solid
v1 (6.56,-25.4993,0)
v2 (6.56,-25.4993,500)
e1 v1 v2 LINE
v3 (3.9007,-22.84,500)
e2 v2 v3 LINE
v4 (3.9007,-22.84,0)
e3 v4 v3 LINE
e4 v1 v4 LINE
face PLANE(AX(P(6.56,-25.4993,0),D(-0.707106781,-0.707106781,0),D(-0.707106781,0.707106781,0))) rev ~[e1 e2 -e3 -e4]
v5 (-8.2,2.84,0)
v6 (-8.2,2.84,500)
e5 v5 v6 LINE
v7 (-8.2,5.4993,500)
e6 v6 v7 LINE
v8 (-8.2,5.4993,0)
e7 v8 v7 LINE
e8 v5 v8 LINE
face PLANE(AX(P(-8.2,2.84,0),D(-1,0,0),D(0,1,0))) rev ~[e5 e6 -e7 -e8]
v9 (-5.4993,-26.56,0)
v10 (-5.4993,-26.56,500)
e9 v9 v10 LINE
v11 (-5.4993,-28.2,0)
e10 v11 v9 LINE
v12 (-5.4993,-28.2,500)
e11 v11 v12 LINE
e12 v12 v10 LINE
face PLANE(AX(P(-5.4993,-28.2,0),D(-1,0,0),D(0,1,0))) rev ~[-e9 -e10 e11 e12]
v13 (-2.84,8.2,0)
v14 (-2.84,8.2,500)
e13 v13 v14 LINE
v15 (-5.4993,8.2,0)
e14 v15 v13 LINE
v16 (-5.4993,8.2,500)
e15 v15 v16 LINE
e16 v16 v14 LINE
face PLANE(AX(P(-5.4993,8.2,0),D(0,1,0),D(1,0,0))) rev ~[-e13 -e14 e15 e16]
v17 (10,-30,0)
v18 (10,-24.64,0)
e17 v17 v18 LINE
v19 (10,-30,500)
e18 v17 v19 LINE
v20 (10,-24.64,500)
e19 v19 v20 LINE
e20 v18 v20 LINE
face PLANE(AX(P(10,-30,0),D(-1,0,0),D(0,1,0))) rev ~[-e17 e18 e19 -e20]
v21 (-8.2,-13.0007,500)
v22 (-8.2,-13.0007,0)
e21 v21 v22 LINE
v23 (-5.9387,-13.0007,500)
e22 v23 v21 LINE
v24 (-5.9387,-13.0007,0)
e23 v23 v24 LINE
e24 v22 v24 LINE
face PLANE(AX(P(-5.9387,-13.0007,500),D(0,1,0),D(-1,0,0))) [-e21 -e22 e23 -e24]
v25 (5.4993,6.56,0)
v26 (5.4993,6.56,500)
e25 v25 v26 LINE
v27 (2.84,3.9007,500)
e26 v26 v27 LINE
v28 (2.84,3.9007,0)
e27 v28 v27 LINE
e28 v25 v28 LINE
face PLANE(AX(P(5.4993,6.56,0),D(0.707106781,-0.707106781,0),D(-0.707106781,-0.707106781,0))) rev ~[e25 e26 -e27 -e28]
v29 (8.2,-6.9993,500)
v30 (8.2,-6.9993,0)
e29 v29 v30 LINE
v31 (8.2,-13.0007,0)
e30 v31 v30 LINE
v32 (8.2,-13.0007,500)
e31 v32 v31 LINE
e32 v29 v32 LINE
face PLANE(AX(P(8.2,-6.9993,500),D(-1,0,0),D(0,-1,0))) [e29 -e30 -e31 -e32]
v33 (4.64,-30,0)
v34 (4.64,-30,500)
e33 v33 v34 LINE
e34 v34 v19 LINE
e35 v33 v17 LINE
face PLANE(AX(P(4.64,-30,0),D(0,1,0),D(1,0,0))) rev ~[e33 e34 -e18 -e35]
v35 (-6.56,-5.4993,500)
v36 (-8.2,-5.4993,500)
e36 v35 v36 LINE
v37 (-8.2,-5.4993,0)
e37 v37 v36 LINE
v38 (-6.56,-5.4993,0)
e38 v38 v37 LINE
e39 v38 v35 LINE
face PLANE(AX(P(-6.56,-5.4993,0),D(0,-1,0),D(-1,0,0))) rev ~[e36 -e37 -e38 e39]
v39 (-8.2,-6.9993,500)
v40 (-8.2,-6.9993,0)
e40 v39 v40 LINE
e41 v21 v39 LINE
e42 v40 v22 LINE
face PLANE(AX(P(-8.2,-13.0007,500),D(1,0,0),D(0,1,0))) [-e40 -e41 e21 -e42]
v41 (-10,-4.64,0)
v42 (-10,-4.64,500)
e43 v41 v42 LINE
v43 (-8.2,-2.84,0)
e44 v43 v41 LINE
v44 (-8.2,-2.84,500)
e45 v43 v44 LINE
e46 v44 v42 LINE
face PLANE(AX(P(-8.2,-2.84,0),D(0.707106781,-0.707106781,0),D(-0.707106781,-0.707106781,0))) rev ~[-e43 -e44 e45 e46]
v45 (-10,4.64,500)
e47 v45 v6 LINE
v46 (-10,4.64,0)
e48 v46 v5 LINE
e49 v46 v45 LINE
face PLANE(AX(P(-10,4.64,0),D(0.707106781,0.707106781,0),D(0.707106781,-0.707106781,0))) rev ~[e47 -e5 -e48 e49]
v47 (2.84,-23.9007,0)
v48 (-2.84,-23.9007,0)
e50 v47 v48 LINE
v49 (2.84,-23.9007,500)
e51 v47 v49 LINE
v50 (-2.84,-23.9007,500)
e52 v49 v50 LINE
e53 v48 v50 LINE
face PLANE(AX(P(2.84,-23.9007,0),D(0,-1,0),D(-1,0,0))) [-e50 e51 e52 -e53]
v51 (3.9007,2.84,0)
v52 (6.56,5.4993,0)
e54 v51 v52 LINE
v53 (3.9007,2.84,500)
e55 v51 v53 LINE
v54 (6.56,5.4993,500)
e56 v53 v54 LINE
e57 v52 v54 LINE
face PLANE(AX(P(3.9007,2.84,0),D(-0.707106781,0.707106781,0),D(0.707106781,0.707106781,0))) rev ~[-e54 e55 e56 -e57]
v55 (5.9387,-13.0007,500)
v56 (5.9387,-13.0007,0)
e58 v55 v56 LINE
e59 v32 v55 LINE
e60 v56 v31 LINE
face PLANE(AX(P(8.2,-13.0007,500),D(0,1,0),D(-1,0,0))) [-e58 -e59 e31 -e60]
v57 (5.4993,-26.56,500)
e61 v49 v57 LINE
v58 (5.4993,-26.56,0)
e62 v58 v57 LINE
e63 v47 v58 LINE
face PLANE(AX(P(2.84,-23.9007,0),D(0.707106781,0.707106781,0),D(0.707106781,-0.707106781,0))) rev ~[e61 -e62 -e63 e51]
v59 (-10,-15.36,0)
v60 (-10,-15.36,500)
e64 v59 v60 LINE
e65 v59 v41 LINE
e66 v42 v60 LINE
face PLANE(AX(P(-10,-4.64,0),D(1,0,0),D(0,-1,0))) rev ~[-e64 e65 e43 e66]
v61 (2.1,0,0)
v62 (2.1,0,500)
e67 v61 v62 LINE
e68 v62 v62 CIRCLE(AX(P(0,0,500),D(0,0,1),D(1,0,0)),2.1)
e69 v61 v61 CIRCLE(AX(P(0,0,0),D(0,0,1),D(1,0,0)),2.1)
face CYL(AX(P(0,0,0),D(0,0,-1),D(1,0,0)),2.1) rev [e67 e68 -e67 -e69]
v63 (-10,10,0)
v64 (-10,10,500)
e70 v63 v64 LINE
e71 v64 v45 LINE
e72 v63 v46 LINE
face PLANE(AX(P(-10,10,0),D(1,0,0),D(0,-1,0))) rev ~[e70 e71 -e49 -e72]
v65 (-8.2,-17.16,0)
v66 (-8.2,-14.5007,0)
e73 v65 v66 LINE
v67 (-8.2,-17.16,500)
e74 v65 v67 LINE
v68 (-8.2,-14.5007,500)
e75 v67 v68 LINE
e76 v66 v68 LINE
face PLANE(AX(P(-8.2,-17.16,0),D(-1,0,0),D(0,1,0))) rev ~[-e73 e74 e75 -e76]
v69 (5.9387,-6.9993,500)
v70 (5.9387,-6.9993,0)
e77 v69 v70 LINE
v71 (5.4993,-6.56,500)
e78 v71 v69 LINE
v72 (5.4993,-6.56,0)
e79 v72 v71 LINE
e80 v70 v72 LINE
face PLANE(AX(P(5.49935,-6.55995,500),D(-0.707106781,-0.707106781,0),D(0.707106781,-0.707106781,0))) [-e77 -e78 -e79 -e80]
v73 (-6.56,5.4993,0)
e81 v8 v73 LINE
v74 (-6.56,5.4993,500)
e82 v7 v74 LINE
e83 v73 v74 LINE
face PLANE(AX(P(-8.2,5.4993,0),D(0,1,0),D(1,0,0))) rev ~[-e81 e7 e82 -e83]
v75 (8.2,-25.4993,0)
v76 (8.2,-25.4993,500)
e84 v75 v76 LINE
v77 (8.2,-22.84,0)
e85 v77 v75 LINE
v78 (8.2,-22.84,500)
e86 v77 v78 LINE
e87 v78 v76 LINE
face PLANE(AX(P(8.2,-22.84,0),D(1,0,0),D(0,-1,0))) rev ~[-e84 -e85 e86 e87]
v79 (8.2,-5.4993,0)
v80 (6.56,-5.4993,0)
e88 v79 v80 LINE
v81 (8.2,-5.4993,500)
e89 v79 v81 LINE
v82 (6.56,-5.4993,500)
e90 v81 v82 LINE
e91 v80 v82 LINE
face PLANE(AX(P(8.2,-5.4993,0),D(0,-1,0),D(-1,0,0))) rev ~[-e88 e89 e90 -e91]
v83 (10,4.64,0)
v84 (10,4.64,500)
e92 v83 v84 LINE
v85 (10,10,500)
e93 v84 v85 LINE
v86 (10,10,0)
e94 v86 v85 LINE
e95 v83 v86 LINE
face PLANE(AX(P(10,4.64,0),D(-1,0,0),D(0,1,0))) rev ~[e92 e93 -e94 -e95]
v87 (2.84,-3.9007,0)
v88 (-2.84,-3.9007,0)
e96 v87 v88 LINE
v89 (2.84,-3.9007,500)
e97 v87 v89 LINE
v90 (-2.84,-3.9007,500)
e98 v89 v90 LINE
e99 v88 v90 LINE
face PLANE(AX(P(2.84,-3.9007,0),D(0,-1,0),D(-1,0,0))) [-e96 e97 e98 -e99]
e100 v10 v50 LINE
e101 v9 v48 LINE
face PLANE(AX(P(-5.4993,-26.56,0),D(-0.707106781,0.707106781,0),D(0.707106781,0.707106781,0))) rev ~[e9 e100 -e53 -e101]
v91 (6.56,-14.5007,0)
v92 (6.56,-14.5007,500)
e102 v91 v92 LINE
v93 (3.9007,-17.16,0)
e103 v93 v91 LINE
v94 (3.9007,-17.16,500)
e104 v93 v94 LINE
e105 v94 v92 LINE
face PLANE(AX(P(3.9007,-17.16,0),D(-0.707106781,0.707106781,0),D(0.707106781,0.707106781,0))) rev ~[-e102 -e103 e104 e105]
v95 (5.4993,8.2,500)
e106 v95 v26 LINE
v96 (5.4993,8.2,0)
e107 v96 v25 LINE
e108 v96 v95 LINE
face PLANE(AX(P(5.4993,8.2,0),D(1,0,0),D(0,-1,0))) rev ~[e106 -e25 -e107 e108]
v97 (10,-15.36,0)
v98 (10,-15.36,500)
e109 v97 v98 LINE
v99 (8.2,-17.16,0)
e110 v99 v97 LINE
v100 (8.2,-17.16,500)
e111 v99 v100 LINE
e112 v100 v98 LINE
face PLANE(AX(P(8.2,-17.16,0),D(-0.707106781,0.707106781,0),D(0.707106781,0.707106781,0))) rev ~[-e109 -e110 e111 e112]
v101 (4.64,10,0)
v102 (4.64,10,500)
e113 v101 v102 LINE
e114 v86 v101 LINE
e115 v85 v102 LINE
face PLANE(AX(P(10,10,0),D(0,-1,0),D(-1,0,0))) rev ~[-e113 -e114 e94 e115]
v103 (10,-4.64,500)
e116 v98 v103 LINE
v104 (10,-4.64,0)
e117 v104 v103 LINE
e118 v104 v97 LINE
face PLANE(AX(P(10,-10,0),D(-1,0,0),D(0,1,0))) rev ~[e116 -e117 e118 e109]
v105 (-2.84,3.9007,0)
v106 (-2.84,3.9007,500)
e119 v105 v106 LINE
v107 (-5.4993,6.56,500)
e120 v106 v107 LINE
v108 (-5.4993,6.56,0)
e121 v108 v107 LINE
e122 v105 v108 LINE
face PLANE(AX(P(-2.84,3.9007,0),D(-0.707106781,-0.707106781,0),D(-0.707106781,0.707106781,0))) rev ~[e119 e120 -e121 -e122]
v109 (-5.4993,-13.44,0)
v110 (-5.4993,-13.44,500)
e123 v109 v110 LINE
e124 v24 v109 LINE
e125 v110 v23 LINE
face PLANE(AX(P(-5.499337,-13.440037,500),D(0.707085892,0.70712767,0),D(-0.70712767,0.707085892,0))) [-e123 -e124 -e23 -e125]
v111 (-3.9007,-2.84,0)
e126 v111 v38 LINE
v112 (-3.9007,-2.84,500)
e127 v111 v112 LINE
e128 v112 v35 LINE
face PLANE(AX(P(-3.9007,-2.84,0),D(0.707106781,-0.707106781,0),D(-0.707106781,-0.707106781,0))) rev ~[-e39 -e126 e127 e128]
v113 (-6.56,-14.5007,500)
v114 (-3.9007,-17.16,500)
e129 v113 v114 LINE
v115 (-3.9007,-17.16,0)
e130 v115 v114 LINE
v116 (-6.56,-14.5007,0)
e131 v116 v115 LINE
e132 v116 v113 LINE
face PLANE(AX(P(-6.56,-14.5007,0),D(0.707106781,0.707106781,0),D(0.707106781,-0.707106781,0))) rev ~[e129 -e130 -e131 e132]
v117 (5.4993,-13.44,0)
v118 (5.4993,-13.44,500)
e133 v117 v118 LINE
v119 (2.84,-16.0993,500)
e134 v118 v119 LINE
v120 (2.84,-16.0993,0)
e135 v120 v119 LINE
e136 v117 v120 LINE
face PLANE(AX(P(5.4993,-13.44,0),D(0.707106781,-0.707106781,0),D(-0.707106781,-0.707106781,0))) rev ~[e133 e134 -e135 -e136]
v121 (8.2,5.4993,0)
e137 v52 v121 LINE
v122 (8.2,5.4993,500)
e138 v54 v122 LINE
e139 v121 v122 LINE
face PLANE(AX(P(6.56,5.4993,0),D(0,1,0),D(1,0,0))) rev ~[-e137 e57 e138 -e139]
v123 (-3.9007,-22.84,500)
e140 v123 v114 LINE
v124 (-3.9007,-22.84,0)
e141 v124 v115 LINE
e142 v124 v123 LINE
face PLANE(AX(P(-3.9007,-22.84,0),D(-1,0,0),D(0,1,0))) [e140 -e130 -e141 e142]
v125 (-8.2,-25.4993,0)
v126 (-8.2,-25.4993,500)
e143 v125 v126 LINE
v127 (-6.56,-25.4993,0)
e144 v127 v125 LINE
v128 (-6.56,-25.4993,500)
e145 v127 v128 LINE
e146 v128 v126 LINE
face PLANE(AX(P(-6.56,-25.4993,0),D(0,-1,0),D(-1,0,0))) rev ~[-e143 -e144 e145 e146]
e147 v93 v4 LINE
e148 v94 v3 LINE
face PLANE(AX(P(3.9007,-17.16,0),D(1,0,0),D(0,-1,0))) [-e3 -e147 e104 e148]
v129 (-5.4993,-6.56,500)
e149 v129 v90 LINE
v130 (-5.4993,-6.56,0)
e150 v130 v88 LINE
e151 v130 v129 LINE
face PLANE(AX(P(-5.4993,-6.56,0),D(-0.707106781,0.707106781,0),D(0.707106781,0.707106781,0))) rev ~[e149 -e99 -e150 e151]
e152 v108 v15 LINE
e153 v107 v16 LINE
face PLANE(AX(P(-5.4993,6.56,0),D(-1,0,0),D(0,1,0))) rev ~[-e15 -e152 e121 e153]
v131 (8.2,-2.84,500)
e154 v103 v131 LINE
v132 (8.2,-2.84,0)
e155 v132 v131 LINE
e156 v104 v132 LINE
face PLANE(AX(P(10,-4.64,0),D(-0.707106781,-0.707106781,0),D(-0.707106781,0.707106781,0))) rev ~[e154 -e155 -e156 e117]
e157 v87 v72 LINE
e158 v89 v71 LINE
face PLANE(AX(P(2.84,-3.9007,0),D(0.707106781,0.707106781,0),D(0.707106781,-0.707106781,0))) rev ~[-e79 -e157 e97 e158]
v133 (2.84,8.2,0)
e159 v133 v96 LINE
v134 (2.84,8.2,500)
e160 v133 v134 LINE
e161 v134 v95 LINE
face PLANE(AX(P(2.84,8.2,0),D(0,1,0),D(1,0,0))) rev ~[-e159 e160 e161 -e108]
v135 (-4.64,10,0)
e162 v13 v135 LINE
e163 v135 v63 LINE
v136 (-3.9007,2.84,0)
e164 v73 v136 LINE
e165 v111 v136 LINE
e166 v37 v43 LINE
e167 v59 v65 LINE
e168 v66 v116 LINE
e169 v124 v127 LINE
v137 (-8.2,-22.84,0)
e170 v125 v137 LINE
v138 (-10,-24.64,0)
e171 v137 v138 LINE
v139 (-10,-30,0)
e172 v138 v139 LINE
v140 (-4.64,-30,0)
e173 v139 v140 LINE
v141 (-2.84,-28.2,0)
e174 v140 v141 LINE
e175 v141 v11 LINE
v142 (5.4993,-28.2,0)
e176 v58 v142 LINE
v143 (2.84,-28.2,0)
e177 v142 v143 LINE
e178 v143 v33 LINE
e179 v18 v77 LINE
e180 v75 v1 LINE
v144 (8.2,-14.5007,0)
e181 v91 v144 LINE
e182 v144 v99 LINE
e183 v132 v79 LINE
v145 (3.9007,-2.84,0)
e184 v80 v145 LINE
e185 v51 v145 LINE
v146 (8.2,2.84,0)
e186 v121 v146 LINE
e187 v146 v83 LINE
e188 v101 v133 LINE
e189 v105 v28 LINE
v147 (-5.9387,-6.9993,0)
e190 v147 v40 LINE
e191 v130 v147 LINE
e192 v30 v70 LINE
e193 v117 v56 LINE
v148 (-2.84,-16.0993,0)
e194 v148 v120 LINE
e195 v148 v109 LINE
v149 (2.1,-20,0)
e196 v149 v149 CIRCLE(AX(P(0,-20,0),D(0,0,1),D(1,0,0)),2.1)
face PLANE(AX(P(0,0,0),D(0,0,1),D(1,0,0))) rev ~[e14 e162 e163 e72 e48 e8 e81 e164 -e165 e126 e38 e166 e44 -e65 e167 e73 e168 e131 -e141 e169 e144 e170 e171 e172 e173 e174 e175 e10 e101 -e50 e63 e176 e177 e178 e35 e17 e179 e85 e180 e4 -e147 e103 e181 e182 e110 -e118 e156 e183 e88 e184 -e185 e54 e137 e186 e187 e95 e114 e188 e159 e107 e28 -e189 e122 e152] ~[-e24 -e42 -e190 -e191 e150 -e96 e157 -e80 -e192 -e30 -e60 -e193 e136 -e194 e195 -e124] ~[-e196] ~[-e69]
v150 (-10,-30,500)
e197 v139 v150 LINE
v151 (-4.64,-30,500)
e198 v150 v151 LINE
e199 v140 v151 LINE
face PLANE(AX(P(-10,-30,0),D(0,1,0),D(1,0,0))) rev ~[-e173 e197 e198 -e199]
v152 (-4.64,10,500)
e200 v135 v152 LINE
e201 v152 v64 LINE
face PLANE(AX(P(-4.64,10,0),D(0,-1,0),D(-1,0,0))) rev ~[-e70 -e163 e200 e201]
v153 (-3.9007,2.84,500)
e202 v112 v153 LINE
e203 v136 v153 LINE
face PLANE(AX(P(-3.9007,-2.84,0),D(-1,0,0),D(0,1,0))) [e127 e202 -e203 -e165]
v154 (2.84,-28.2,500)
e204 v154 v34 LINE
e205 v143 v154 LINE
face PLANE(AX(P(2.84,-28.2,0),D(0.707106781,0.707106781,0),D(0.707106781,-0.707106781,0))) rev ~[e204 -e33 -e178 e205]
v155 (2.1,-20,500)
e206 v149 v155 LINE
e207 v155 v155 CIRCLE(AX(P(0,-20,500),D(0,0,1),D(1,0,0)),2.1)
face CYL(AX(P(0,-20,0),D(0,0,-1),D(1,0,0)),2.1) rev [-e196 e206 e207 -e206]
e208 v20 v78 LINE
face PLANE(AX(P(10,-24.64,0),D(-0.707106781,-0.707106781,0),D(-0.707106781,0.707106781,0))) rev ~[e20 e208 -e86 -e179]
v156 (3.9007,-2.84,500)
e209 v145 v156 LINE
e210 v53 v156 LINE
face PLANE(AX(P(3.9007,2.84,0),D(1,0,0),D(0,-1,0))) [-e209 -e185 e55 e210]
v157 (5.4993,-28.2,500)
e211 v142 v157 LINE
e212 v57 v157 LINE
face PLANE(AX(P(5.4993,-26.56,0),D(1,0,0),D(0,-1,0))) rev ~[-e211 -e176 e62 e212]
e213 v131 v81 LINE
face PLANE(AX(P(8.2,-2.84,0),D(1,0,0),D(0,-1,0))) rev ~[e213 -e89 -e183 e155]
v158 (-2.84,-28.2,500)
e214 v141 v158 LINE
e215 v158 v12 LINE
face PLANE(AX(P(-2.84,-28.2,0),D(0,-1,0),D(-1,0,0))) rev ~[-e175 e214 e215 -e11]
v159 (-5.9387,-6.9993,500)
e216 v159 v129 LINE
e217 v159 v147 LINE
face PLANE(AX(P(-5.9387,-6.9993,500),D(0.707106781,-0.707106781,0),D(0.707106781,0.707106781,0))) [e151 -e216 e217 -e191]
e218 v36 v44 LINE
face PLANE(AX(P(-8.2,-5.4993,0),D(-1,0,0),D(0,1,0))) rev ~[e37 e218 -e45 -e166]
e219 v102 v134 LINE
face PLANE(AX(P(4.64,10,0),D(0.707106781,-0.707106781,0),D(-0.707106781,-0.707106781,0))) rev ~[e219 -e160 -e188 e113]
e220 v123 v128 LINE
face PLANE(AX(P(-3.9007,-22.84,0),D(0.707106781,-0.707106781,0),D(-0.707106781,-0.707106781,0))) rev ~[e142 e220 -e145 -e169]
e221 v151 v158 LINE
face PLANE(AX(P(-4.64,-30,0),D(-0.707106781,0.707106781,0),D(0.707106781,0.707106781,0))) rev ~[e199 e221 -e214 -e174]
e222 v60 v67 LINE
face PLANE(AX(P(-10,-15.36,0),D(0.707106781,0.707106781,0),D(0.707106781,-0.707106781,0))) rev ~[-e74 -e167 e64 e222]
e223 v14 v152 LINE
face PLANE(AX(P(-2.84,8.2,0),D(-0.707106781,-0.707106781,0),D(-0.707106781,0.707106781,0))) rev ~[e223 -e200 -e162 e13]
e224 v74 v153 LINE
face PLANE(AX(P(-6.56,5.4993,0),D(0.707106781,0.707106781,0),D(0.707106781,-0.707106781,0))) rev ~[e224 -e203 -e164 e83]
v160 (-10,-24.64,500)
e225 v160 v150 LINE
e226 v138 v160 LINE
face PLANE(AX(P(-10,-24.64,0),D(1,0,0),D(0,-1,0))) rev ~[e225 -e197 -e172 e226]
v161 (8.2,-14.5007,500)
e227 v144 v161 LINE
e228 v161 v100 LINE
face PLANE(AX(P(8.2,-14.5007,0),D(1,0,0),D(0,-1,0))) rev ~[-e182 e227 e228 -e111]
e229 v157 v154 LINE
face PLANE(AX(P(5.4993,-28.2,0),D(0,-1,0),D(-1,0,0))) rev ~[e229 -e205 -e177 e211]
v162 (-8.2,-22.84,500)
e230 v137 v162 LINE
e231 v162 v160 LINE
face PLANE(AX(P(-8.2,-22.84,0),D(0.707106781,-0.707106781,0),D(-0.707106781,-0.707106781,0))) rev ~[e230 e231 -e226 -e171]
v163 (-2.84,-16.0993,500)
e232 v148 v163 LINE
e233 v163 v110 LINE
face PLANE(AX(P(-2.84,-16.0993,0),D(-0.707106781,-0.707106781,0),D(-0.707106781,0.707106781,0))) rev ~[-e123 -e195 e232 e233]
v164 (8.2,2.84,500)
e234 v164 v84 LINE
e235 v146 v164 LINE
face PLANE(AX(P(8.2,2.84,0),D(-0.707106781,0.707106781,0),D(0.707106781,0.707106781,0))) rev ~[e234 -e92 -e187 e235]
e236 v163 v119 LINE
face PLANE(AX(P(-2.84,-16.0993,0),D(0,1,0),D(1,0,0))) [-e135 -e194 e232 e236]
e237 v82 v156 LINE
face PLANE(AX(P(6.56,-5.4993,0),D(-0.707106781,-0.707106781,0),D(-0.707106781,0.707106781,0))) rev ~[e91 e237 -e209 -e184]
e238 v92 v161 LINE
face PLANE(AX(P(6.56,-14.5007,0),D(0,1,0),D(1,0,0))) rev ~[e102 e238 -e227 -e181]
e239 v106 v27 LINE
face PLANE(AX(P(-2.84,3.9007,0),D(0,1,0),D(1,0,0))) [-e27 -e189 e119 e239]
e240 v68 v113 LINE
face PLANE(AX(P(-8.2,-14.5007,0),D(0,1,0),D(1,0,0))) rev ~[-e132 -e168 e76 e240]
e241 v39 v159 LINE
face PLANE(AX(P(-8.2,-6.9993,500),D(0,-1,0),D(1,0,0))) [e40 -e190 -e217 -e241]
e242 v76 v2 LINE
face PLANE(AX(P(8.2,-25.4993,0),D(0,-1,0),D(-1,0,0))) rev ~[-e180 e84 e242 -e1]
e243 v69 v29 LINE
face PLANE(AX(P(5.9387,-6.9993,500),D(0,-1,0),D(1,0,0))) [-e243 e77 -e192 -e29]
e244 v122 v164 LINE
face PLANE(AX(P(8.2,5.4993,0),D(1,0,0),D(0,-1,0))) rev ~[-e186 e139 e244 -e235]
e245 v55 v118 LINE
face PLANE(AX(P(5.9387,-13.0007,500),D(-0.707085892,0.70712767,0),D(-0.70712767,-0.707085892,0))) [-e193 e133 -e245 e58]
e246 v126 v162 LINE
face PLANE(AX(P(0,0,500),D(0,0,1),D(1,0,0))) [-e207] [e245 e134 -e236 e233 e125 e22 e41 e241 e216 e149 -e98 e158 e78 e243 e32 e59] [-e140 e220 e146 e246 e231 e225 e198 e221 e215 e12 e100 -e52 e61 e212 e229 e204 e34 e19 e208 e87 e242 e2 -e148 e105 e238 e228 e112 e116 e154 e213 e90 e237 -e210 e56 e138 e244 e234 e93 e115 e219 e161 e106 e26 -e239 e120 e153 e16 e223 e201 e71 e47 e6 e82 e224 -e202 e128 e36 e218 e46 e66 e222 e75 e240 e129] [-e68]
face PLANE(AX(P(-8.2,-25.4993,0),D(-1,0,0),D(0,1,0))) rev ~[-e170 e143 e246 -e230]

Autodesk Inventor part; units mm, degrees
ref_plane "YZ Plane" through (0, 0, 0) normal (1, 0, 0) x (0, 1, 0)
ref_plane "XZ Plane" through (0, 0, 0) normal (0, 1, 0) x (-1, 0, 0)
ref_plane "XY Plane" through (0, 0, 0) normal (0, 0, 1) x (1, 0, 0)
sketch "Sketch1" plane through (0, 0, 0) normal (0, 0, 1) x (1, 0, 0)
  line L0 (-3.9007, 3.9007) -> (3.9007, 3.9007)
  line L1 (3.9007, 3.9007) -> (3.9007, -3.9007)
  line L2 (3.9007, -3.9007) -> (-3.9007, -3.9007)
  line L3 (-3.9007, -3.9007) -> (-3.9007, 3.9007)
  line L4 (0, 3.9007) -> (0, -3.9007) construction
  line L5 (-3.9007, 0) -> (3.9007, 0) construction
  circle A0 centre (0, 0) radius 2.1
  line L6 (0, 0) -> (-16.1173, 16.1173) construction
  line L7 (0, 0) -> (22.7933, 0) construction
  line L8 (-2.84, 3.9007) -> (-5.4993, 6.56)
  line L9 (-5.4993, 6.56) -> (-5.4993, 8.2)
  line L10 (-5.4993, 8.2) -> (-2.84, 8.2)
  line L11 (-2.84, 8.2) -> (-4.64, 10)
  line L12 (-4.64, 10) -> (-10, 10)
  line L13 (-10, 10) -> (-10, 4.64)
  line L14 (-10, 4.64) -> (-8.2, 2.84)
  line L15 (-8.2, 2.84) -> (-8.2, 5.4993)
  line L16 (-8.2, 5.4993) -> (-6.56, 5.4993)
  line L17 (-6.56, 5.4993) -> (-3.9007, 2.84)
  line L18 (-3.9007, 2.84) -> (-11.3102, 2.84) construction
  line L19 (-2.84, 3.9007) -> (-3.9007, 3.9007)
  line L20 (-3.9007, 2.84) -> (-3.9007, 3.9007)
  line L21 (-3.9007, -2.84) -> (-6.56, -5.4993)
  line L22 (-6.56, -5.4993) -> (-8.2, -5.4993)
  line L23 (-8.2, -5.4993) -> (-8.2, -2.84)
  line L24 (-8.2, -2.84) -> (-10, -4.64)
  line L25 (-10, -4.64) -> (-10, -10)
  line L26 (-10, -10) -> (-4.64, -10)
  line L27 (-4.64, -10) -> (-2.84, -8.2)
  line L28 (-2.84, -8.2) -> (-5.4993, -8.2)
  line L29 (-5.4993, -8.2) -> (-5.4993, -6.56)
  line L30 (-5.4993, -6.56) -> (-2.84, -3.9007)
  line L31 (-3.9007, -2.84) -> (-3.9007, -3.9007)
  line L32 (-2.84, -3.9007) -> (-3.9007, -3.9007)
  line L33 (2.84, -3.9007) -> (5.4993, -6.56)
  line L34 (5.4993, -6.56) -> (5.4993, -8.2)
  line L35 (5.4993, -8.2) -> (2.84, -8.2)
  line L36 (2.84, -8.2) -> (4.64, -10)
  line L37 (4.64, -10) -> (10, -10)
  line L38 (10, -10) -> (10, -4.64)
  line L39 (10, -4.64) -> (8.2, -2.84)
  line L40 (8.2, -2.84) -> (8.2, -5.4993)
  line L41 (8.2, -5.4993) -> (6.56, -5.4993)
  line L42 (6.56, -5.4993) -> (3.9007, -2.84)
  line L43 (2.84, -3.9007) -> (3.9007, -3.9007)
  line L44 (3.9007, -2.84) -> (3.9007, -3.9007)
  line L45 (3.9007, 2.84) -> (6.56, 5.4993)
  line L46 (6.56, 5.4993) -> (8.2, 5.4993)
  line L47 (8.2, 5.4993) -> (8.2, 2.84)
  line L48 (8.2, 2.84) -> (10, 4.64)
  line L49 (10, 4.64) -> (10, 10)
  line L50 (10, 10) -> (4.64, 10)
  line L51 (4.64, 10) -> (2.84, 8.2)
  line L52 (2.84, 8.2) -> (5.4993, 8.2)
  line L53 (5.4993, 8.2) -> (5.4993, 6.56)
  line L54 (5.4993, 6.56) -> (2.84, 3.9007)
  line L55 (3.9007, 2.84) -> (3.9007, 3.9007)
  line L56 (2.84, 3.9007) -> (3.9007, 3.9007)
  dimension "d7" = 4.2
  dimension "d8" = 135
  dimension "d9" = 1.5
  dimension "d10" = 1.64
  dimension "d11" = 1.8
  dimension "d12" = 2.84
  dimension "d13" = 10
  dimension "d16" = 360
extrude "Extrusion1" add sketch "Sketch1" along normal blind 500
pattern_linear "Rectangular Pattern1" count 2 spacing 20 along (0, -1, 0) of "Extrusion1"
sketch "Sketch2" plane through (0, 0, 500) normal (0, 0, 1) x (1, 0, 0)
  line L0 (8.2, -2.84) -> (8.2, -5.4993) projected
  line L1 (8.2, -5.4993) -> (6.56, -5.4993) projected
  line L2 (-6.56, -5.4993) -> (-8.2, -5.4993) projected
  line L3 (-8.2, -5.4993) -> (-8.2, -2.84) projected
  line L4 (-8.2, -14.5007) -> (-6.56, -14.5007) projected
  line L5 (6.56, -14.5007) -> (8.2, -14.5007) projected
  line L6 (5.4993, -11.8) -> (5.4993, -13.44) projected
  line L7 (5.4993, -13.44) -> (2.84, -16.0993) projected
  line L8 (-2.84, -16.0993) -> (-5.4993, -13.44) projected
  line L9 (-5.4993, -8.2) -> (-5.4993, -6.56) projected
  line L10 (-5.4993, -6.56) -> (-2.84, -3.9007) projected
  line L11 (2.84, -3.9007) -> (5.4993, -6.56) projected
  line L12 (2.84, -8.2) -> (4.64, -10) projected
  line L13 (-8.2, -6.9993) -> (-5.9387, -6.9993)
  line L14 (-5.9387, -6.9993) -> (-4.1231, -5.1837)
  line L15 (-4.1231, -5.1837) -> (4.1231, -5.1837)
  line L16 (4.1231, -5.1837) -> (5.9387, -6.9993)
  line L17 (5.9387, -6.9993) -> (8.2, -6.9993)
  line L18 (8.2, -6.9993) -> (8.2, -13.0007)
  line L19 (8.2, -13.0007) -> (5.9387, -13.0007)
  line L20 (5.9387, -13.0007) -> (4.2461, -14.6932)
  line L21 (4.2461, -14.6932) -> (-4.2461, -14.6932)
  line L22 (-4.2461, -14.6932) -> (-5.9387, -13.0007)
  line L23 (-5.9387, -13.0007) -> (-8.2, -13.0007)
  line L24 (-8.2, -13.0007) -> (-8.2, -6.9993)
  dimension "d23" = 1.5
  dimension "d24" = 1.5
  dimension "d25" = 1.5
  dimension "d26" = 1.5
extrude "Extrusion2" cut sketch "Sketch2" against normal up to next
equation "\"d24\" = d23"
equation "\"d25\" = d23"
equation "\"d26\" = d23"
properties part number "20x40x500mm"
